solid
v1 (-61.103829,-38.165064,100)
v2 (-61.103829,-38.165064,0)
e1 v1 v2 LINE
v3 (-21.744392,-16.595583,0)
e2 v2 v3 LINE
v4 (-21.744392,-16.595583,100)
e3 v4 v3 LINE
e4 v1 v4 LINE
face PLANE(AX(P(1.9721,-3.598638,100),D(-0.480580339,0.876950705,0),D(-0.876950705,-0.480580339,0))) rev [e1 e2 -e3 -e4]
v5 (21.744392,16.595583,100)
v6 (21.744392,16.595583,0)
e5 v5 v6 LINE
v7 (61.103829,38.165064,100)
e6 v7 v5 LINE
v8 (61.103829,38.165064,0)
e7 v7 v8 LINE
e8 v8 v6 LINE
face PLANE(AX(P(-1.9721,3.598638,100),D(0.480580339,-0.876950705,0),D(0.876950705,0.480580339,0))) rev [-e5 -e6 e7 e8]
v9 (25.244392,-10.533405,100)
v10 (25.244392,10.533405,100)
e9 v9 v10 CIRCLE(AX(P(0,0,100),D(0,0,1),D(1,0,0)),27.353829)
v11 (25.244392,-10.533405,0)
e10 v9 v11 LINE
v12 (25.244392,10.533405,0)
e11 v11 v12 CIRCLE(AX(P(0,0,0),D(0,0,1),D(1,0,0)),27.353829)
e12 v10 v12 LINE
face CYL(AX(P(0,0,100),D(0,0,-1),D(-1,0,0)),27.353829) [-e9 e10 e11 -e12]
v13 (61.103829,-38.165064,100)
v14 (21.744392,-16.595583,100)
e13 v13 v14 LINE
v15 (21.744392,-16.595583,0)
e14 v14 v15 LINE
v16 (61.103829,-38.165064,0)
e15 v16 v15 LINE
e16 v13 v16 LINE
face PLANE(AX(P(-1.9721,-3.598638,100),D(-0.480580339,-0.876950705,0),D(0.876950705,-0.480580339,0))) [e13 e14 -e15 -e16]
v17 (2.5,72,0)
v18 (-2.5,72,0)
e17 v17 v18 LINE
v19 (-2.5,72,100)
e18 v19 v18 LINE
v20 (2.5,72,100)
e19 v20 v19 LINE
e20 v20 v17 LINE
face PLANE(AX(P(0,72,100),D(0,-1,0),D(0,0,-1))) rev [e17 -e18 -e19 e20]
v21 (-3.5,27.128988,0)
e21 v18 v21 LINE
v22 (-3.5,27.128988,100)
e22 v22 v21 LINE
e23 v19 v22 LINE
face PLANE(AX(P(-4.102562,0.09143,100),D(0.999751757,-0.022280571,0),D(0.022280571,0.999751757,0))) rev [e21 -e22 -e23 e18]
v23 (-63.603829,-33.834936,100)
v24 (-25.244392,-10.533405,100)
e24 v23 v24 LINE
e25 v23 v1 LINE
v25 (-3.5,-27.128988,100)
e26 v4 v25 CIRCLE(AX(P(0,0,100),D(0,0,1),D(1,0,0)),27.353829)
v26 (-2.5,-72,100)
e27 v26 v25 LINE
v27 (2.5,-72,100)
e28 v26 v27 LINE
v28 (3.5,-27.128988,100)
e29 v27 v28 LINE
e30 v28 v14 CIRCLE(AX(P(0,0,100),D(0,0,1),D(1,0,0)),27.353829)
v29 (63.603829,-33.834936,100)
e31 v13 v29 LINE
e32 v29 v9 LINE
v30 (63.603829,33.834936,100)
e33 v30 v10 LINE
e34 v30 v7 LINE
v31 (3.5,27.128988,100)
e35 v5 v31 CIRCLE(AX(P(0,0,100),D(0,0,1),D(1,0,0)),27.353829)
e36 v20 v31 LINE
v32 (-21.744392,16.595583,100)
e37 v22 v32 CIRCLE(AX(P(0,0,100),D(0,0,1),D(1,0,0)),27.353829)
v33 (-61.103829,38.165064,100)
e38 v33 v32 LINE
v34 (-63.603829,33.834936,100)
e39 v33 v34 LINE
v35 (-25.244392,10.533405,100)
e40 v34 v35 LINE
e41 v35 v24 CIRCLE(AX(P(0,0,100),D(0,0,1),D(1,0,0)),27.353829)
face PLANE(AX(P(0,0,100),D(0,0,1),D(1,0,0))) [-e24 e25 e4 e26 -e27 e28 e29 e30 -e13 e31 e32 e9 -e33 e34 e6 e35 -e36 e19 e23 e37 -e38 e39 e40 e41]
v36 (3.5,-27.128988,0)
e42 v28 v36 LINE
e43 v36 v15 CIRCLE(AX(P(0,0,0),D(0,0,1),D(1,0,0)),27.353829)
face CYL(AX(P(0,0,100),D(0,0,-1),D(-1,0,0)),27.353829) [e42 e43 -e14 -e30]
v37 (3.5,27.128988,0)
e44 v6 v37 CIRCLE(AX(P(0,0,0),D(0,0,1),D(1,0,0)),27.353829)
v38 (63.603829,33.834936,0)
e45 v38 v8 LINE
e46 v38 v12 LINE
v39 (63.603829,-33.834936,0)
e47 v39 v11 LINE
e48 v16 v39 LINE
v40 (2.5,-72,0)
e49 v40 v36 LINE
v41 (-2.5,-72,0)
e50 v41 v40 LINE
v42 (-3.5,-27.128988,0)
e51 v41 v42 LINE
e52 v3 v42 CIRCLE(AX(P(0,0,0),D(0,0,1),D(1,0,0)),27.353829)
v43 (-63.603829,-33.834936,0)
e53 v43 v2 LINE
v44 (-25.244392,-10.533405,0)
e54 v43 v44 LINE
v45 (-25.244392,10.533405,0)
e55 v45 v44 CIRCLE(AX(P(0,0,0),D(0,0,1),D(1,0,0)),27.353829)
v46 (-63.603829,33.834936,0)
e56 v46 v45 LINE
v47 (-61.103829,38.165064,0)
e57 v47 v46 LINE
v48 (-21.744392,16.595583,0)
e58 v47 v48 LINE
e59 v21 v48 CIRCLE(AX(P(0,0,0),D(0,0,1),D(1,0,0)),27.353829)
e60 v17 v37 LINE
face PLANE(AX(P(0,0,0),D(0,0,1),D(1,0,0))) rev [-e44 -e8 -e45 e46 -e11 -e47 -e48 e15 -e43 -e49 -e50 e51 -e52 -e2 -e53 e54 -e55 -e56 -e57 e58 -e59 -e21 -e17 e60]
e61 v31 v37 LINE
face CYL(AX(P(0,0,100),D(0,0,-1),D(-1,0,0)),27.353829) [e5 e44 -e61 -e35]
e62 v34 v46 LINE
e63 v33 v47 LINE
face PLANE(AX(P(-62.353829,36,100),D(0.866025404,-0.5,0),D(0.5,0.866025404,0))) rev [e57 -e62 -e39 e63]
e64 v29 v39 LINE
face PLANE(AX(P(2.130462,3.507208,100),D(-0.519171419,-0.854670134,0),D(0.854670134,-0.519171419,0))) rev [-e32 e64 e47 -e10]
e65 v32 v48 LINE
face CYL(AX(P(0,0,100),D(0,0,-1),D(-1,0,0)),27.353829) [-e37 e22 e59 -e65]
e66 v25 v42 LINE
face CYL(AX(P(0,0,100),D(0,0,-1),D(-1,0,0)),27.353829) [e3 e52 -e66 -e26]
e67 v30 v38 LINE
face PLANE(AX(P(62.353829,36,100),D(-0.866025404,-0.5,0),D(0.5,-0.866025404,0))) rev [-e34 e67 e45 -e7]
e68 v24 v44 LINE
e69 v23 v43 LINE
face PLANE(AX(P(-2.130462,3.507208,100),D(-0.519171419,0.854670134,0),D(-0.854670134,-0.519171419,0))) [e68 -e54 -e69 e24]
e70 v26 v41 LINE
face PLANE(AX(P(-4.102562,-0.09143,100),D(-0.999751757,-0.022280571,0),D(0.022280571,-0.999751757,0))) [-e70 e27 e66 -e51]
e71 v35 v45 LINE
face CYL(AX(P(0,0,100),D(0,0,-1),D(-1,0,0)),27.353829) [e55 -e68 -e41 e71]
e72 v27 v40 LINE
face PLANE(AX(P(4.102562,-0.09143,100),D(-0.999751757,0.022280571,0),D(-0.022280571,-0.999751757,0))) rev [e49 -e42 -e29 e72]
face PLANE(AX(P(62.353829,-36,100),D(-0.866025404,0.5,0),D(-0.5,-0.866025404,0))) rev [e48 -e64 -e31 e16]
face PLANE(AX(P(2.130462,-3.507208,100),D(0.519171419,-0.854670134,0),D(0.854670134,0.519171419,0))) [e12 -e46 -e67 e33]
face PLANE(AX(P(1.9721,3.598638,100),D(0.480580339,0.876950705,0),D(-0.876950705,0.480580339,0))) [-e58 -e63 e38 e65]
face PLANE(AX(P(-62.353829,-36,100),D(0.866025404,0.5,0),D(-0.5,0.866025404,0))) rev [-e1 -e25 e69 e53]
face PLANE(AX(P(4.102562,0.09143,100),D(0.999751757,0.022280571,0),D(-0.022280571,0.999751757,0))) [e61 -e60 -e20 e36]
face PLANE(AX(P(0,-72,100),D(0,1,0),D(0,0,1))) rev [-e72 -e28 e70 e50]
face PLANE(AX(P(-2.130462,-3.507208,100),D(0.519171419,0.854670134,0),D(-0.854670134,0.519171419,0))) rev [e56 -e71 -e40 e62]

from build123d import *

# Parameters (mm, degrees)
BOSS_EXTRUDE1_DEPTH = 100


with BuildPart() as part:
    # Sketch1 → Boss-Extrude1 (new body)
    with BuildSketch(Plane.XY):
        with BuildLine():
            Line((3.5, 27.12898754), (2.5, 72))
            Line((2.5, 72), (-2.5, 72))
            Line((-2.5, 72), (-3.5, 27.12898754))
            ThreePointArc((-3.5, 27.12898754), (-13.676914536, 23.689110868), (-21.744392388, 16.595582683))
            Line((-21.744392388, 16.595582683), (-61.103829072, 38.165063509))
            Line((-61.103829072, 38.165063509), (-63.603829072, 33.834936491))
            Line((-63.603829072, 33.834936491), (-25.244392388, 10.533404857))
            ThreePointArc((-25.244392388, 10.533404857), (-27.353829072, 0), (-25.244392388, -10.533404857))
            Line((-25.244392388, -10.533404857), (-63.603829072, -33.834936491))
            Line((-63.603829072, -33.834936491), (-61.103829072, -38.165063509))
            Line((-61.103829072, -38.165063509), (-21.744392388, -16.595582683))
            ThreePointArc((-21.744392388, -16.595582683), (-13.676914536, -23.689110868), (-3.5, -27.12898754))
            Line((-3.5, -27.12898754), (-2.5, -72))
            Line((-2.5, -72), (2.5, -72))
            Line((2.5, -72), (3.5, -27.12898754))
            ThreePointArc((3.5, -27.12898754), (13.676914536, -23.689110868), (21.744392388, -16.595582683))
            Line((21.744392388, -16.595582683), (61.103829072, -38.165063509))
            Line((61.103829072, -38.165063509), (63.603829072, -33.834936491))
            Line((63.603829072, -33.834936491), (25.244392388, -10.533404857))
            ThreePointArc((25.244392388, -10.533404857), (27.353829072, 0), (25.244392388, 10.533404857))
            Line((25.244392388, 10.533404857), (63.603829072, 33.834936491))
            Line((63.603829072, 33.834936491), (61.103829072, 38.165063509))
            Line((61.103829072, 38.165063509), (21.744392388, 16.595582683))
            ThreePointArc((21.744392388, 16.595582683), (13.676914536, 23.689110868), (3.5, 27.12898754))
        make_face()
    extrude(amount=BOSS_EXTRUDE1_DEPTH)


solid = part.part
